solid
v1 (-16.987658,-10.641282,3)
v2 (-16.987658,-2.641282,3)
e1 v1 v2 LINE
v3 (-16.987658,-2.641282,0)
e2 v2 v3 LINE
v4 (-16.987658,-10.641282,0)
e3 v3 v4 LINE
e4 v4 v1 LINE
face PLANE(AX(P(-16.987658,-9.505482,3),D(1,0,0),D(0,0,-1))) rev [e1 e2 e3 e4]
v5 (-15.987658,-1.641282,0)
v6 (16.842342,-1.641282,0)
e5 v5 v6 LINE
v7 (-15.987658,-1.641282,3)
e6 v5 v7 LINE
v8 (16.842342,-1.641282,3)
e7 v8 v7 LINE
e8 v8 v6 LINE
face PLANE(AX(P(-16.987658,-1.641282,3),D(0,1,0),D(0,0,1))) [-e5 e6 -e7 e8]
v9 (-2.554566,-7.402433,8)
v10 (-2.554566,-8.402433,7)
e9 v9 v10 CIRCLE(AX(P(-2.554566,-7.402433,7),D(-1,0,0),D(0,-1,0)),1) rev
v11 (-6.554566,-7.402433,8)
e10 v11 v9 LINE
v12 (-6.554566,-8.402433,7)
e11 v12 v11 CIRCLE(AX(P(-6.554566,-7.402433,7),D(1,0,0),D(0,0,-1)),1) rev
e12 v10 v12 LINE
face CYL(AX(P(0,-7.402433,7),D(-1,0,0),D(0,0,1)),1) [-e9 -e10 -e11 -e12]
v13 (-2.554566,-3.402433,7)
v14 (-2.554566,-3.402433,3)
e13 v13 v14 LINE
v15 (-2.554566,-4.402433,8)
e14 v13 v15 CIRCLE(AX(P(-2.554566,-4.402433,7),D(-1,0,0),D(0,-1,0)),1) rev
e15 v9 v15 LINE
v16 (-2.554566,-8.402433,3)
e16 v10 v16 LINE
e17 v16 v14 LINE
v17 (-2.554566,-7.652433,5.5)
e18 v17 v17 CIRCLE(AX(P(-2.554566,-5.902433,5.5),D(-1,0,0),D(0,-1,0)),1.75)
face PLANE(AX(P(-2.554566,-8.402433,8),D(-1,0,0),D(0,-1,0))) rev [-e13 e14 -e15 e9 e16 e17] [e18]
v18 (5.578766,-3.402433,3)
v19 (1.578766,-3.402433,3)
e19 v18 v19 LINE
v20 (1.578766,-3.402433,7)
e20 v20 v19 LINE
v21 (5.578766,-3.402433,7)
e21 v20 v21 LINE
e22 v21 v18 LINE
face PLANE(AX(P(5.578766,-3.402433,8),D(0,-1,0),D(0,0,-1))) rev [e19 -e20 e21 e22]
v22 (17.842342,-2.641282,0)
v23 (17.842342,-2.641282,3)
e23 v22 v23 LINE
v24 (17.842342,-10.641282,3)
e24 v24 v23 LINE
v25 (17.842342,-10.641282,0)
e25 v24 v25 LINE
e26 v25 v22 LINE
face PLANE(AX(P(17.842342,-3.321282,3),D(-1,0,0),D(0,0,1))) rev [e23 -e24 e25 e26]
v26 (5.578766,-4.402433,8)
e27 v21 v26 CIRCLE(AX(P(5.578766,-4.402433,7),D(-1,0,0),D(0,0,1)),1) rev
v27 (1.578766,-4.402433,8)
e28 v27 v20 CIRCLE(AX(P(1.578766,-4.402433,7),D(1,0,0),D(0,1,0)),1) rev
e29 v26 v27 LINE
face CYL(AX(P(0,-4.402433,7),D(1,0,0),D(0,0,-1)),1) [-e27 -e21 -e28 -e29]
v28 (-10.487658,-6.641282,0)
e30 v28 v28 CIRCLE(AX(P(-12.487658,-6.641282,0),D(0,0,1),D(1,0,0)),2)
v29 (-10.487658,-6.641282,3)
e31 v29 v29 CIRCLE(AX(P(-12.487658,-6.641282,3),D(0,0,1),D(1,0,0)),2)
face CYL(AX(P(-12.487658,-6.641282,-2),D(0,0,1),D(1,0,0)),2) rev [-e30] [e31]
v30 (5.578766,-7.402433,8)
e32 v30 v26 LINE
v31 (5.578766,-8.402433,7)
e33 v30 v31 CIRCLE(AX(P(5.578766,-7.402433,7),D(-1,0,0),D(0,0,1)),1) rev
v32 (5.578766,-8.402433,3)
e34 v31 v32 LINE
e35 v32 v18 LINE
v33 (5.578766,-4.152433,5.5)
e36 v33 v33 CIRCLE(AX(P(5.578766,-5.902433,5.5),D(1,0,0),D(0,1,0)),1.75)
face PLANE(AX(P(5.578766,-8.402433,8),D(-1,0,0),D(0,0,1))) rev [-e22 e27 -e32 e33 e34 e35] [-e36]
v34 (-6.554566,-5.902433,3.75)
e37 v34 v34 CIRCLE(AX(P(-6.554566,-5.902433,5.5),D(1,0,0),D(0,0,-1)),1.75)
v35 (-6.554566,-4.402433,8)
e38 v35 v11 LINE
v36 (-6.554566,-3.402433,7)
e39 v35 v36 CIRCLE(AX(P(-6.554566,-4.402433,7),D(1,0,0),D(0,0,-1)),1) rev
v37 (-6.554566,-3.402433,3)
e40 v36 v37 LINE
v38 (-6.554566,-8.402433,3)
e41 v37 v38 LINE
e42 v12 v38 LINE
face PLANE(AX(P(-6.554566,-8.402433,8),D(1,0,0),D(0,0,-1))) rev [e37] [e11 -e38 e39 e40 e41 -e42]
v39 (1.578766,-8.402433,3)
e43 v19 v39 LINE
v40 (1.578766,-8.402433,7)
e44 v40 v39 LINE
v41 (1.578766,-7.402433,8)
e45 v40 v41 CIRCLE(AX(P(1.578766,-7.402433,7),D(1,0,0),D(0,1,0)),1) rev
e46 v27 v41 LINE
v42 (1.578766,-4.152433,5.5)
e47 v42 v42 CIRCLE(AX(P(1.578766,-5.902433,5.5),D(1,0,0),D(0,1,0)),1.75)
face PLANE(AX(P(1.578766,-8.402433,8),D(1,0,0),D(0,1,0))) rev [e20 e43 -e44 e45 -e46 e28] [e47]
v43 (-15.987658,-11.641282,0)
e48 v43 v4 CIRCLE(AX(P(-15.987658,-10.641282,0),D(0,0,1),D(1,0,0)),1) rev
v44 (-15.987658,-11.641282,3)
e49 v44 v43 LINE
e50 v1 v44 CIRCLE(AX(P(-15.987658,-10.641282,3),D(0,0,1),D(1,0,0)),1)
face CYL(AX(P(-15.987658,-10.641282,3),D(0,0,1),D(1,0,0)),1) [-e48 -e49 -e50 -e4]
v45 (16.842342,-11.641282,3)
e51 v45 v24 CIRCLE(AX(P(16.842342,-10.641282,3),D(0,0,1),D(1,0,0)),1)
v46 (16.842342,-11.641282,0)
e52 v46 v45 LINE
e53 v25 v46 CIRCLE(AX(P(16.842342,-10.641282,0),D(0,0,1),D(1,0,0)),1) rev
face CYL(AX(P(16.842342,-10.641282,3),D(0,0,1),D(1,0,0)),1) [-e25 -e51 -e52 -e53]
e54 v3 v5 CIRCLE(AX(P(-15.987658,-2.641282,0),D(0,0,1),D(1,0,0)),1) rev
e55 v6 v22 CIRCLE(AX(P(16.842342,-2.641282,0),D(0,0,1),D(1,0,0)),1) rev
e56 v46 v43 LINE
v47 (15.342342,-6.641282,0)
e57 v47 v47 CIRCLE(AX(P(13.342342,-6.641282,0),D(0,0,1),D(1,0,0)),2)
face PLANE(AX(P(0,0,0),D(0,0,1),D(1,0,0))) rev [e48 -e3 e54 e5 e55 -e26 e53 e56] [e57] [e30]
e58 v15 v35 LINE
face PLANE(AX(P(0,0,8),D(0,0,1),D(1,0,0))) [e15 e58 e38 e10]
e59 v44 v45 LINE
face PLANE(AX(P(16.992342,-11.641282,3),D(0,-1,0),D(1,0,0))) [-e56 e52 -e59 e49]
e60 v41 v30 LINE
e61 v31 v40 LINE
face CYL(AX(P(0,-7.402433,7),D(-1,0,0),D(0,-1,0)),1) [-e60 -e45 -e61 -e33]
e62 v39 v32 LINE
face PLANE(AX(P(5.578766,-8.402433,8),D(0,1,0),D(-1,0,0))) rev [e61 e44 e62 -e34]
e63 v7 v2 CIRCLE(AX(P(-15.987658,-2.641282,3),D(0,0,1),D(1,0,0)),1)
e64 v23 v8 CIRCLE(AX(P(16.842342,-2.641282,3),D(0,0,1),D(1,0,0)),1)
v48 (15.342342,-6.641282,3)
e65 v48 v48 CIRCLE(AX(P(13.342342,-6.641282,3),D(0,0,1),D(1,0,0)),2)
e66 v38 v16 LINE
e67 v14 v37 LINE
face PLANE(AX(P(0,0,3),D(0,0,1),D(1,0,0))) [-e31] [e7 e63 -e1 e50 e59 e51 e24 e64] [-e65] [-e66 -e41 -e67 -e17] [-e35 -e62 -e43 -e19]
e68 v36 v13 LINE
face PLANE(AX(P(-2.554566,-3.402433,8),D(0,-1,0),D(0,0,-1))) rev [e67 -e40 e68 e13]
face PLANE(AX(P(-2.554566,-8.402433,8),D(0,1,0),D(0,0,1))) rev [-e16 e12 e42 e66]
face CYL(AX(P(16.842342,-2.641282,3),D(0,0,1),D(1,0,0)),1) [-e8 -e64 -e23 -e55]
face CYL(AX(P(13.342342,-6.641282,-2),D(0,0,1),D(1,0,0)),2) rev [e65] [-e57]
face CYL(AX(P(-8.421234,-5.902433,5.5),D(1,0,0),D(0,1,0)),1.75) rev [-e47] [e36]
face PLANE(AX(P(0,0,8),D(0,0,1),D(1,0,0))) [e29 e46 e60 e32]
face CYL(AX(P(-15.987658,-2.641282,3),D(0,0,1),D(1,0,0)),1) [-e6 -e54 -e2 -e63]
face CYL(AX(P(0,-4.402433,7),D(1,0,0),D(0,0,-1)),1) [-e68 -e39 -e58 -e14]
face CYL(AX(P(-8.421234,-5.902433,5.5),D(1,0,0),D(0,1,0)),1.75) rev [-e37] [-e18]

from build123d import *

# Parameters (mm, degrees)
BOSS_EXTRUDE1_DEPTH = 3
SKETCH2_W           = 4
SKETCH2_H           = 5
BOSS_EXTRUDE2_DEPTH = 5
SKETCH3_R           = 1.75
CUT_EXTRUDE1_DEPTH  = 14
FILLET1_R           = 1
SKETCH5_R           = 2
CUT_EXTRUDE2_DEPTH  = 5
SKETCH7_R           = 2
CUT_EXTRUDE3_DEPTH  = 5
FILLET2_R           = 1


with BuildPart() as part:
    # Sketch1 → Boss-Extrude1 (new body)
    with BuildSketch(Plane.XY):
        Polygon((17.84234206, -3.321281539), (17.84234206, -10.791281539), (17.84234206, -11.641281539), (16.99234206, -11.641281539), (-15.30765794, -11.641281539), (-16.98765794, -11.641281539), (-16.98765794, -9.505481629), (-16.98765794, -2.491281539), (-16.98765794, -1.641281539), (-16.13765794, -1.641281539), (16.16234206, -1.641281539), (17.84234206, -1.641281539), align=None)
    extrude(amount=BOSS_EXTRUDE1_DEPTH)

    # Sketch2 → Boss-Extrude2 (add)
    with BuildSketch(Plane.XY.offset(3)):
        with Locations((-4.554565942, -5.902432564)):
            Rectangle(SKETCH2_W, SKETCH2_H)
        with Locations((3.578766058, -5.902432564)):
            Rectangle(SKETCH2_W, SKETCH2_H)
    extrude(amount=BOSS_EXTRUDE2_DEPTH)

    # Sketch3 → Cut-Extrude1 (cut)
    with BuildSketch(Plane(origin=(5.578766058, 0, 0), x_dir=(0, 0, -1), z_dir=(1, 0, 0))):
        with Locations(Location((-5.5, -5.902432564, 0), (0, 0, 90))):
            Circle(SKETCH3_R)
    extrude(amount=-CUT_EXTRUDE1_DEPTH, mode=Mode.SUBTRACT)

    # Fillet1
    fillet1_edges = [part.edges().sort_by_distance(p)[0] for p in [
        (-16.98765794, -11.641281539, 1.5),
        (-16.98765794, -1.641281539, 1.5),
        (17.84234206, -1.641281539, 1.5),
        (17.84234206, -11.641281539, 1.5),
    ]]
    fillet(fillet1_edges, radius=FILLET1_R)

    # Sketch5 → Cut-Extrude2 (cut)
    with BuildSketch(Plane.XY.offset(3)):
        with Locations((-12.48765794, -6.641281539)):
            Circle(SKETCH5_R)
    extrude(amount=-CUT_EXTRUDE2_DEPTH, mode=Mode.SUBTRACT)

    # Sketch7 → Cut-Extrude3 (cut)
    with BuildSketch(Plane.XY.offset(3)):
        with Locations((13.34234206, -6.641281539)):
            Circle(SKETCH7_R)
    extrude(amount=-CUT_EXTRUDE3_DEPTH, mode=Mode.SUBTRACT)

    # Fillet2
    fillet2_edges = [part.edges().sort_by_distance(p)[0] for p in [
        (-4.554565942, -8.402432564, 8),
        (-4.554565942, -3.402432564, 8),
        (3.578766058, -3.402432564, 8),
        (3.578766058, -8.402432564, 8),
    ]]
    fillet(fillet2_edges, radius=FILLET2_R)


solid = part.part
